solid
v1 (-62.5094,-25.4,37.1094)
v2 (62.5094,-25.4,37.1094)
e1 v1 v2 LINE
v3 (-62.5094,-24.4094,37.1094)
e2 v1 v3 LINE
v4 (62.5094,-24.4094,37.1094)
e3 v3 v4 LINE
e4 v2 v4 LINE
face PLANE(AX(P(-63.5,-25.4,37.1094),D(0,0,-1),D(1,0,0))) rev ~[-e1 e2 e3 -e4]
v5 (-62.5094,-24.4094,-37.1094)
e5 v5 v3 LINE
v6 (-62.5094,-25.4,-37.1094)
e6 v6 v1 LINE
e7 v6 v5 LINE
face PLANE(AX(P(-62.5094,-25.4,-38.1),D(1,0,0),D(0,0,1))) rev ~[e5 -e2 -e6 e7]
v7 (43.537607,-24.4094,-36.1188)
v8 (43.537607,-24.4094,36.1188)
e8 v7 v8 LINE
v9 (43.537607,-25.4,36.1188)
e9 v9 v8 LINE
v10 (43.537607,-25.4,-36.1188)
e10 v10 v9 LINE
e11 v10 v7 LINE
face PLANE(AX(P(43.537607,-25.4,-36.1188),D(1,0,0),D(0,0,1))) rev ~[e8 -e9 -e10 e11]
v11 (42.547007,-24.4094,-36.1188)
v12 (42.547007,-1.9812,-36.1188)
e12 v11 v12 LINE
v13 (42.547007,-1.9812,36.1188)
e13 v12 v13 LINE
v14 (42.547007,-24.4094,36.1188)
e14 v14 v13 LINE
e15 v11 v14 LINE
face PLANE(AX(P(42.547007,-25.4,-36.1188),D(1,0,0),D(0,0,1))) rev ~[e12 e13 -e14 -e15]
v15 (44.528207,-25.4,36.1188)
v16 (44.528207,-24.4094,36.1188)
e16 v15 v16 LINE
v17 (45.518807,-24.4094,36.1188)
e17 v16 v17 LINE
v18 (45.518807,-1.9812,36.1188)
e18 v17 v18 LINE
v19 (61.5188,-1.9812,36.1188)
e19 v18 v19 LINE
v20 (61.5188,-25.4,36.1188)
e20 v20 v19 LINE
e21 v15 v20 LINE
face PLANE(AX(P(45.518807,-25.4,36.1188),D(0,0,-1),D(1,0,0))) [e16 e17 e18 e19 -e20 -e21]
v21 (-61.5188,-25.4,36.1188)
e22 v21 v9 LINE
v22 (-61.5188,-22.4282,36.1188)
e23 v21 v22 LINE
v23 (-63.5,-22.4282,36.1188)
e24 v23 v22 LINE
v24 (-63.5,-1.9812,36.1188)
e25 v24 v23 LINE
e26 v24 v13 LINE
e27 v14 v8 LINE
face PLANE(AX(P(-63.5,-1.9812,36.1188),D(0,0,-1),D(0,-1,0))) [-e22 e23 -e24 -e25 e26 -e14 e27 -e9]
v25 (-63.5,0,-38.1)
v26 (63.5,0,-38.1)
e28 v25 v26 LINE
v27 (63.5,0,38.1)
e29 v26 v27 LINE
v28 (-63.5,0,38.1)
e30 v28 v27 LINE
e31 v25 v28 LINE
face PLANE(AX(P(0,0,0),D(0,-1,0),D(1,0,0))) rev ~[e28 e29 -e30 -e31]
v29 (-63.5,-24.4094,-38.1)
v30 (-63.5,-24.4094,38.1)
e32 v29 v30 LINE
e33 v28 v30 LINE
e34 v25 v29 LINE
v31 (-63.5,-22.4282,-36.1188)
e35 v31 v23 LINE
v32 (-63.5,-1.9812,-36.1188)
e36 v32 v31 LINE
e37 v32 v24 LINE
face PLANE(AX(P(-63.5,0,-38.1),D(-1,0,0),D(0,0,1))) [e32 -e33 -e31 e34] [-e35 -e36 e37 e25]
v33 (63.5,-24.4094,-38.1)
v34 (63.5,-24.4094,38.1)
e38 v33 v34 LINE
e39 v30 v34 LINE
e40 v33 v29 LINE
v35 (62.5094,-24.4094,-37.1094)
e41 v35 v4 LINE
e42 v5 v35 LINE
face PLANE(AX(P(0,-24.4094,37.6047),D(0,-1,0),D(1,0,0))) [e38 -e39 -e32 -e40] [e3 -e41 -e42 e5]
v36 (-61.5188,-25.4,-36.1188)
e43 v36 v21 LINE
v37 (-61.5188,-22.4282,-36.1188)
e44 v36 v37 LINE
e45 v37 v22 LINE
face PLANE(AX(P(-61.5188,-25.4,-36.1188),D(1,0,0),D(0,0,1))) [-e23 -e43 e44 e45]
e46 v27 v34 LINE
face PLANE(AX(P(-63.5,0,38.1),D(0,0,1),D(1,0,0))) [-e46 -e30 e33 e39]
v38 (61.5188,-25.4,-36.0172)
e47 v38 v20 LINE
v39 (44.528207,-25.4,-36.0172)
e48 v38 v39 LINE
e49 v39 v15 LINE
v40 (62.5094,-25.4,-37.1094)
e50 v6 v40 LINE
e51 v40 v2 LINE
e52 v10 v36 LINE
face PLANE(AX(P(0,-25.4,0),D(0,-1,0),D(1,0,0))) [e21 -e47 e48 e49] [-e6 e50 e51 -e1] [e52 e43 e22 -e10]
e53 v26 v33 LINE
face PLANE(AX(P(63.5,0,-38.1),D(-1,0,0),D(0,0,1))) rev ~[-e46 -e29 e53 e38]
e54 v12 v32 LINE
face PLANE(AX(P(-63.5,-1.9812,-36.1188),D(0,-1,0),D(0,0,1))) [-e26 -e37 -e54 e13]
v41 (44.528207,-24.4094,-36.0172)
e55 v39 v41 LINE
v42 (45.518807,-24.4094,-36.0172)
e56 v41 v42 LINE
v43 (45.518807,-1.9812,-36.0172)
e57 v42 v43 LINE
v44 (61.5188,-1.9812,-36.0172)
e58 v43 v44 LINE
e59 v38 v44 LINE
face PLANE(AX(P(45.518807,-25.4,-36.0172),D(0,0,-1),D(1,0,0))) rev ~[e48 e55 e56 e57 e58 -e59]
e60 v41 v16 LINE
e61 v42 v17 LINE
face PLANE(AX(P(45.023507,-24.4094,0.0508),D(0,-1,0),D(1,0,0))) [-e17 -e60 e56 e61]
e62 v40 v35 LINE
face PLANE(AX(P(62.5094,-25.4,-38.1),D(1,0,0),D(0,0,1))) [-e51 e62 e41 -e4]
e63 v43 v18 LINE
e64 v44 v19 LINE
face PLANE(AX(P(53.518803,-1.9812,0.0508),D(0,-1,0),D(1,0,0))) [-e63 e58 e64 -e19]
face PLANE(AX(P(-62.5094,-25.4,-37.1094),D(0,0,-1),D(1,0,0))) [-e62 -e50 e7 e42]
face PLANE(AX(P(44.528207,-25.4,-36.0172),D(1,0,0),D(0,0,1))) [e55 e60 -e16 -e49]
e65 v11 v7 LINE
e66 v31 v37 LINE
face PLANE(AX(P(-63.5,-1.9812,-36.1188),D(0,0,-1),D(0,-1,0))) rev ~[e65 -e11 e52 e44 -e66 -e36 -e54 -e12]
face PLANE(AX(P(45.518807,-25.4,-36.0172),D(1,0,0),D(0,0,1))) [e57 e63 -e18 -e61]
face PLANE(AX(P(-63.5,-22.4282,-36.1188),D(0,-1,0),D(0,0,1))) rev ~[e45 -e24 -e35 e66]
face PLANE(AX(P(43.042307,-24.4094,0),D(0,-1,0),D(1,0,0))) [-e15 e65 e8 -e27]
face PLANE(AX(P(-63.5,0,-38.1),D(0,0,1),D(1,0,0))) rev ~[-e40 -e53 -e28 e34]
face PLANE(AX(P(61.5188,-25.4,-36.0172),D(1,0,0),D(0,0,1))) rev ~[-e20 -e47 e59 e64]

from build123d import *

# Parameters (mm, degrees)
F0_W      = 127
F0_H      = 76.2
F1_DEPTH  = 25.4
F2_W      = 15.9999934
F2_H      = 72.136
F3_DEPTH  = 23.4188
F4_W      = 0.9906
F4_H      = 72.136
F5_DEPTH  = 0.9906
F6_W      = 127
F6_H      = 0.9906
F7_DEPTH  = 0.9906
F8_W      = 0.9906
F8_H      = 75.2094
F9_DEPTH  = 0.9906
F10_W     = 0.9906
F10_H     = 75.2094
F11_DEPTH = 0.9906
F12_W     = 125.0188
F12_H     = 0.9906
F13_DEPTH = 0.9906
F14_W     = 104.0658066
F14_H     = 72.2376
F15_DEPTH = 23.4188
F16_W     = 0.9906
F16_H     = 72.2376
F17_DEPTH = 0.9906
F18_W     = 20.447
F18_H     = 72.2376
F19_DEPTH = 1.9812


with BuildPart() as f1:
    # F0 (on Front) → F1 (new body)
    with BuildSketch(Plane.XZ):
        Rectangle(F0_W, F0_H)
    extrude(amount=F1_DEPTH)

    # F2 (on face) → F3 (cut)
    with BuildSketch(Plane.XZ.offset(25.4)):
        with Locations((53.5188033, 0.0508)):
            Rectangle(F2_W, F2_H)
    extrude(amount=-F3_DEPTH, mode=Mode.SUBTRACT)

    # F4 (on face) → F5 (cut)
    with BuildSketch(Plane.XZ.offset(25.4)):
        with Locations((45.0235066, 0.0508)):
            Rectangle(F4_W, F4_H)
    extrude(amount=-F5_DEPTH, mode=Mode.SUBTRACT)

    # F6 (on face) → F7 (cut)
    with BuildSketch(Plane.XZ.offset(25.4)):
        with Locations((0, 37.6047)):
            Rectangle(F6_W, F6_H)
    extrude(amount=-F7_DEPTH, mode=Mode.SUBTRACT)

    # F8 (on face) → F9 (cut)
    with BuildSketch(Plane.XZ.offset(25.4)):
        with Locations((63.0047, -0.4953)):
            Rectangle(F8_W, F8_H)
    extrude(amount=-F9_DEPTH, mode=Mode.SUBTRACT)

    # F10 (on face) → F11 (cut)
    with BuildSketch(Plane.XZ.offset(25.4)):
        with Locations((-63.0047, -0.4953)):
            Rectangle(F10_W, F10_H)
    extrude(amount=-F11_DEPTH, mode=Mode.SUBTRACT)

    # F12 (on face) → F13 (cut)
    with BuildSketch(Plane.XZ.offset(25.4)):
        with Locations((0, -37.6047)):
            Rectangle(F12_W, F12_H)
    extrude(amount=-F13_DEPTH, mode=Mode.SUBTRACT)

    # F14 (on face) → F15 (cut)
    with BuildSketch(Plane.XZ.offset(25.4)):
        with Locations((-9.4858967, 0)):
            Rectangle(F14_W, F14_H)
    extrude(amount=-F15_DEPTH, mode=Mode.SUBTRACT)

    # F16 (on face) → F17 (cut)
    with BuildSketch(Plane.XZ.offset(25.4)):
        with Locations((43.0423066, 0)):
            Rectangle(F16_W, F16_H)
    extrude(amount=-F17_DEPTH, mode=Mode.SUBTRACT)

    # F18 (on face) → F19 (cut)
    with BuildSketch(Plane(origin=(-63.5, 0, 0), x_dir=(0, -1, 0), z_dir=(-1, 0, 0))):
        with Locations((12.2047, 0)):
            Rectangle(F18_W, F18_H)
    extrude(amount=-F19_DEPTH, mode=Mode.SUBTRACT)


solid = f1.part
